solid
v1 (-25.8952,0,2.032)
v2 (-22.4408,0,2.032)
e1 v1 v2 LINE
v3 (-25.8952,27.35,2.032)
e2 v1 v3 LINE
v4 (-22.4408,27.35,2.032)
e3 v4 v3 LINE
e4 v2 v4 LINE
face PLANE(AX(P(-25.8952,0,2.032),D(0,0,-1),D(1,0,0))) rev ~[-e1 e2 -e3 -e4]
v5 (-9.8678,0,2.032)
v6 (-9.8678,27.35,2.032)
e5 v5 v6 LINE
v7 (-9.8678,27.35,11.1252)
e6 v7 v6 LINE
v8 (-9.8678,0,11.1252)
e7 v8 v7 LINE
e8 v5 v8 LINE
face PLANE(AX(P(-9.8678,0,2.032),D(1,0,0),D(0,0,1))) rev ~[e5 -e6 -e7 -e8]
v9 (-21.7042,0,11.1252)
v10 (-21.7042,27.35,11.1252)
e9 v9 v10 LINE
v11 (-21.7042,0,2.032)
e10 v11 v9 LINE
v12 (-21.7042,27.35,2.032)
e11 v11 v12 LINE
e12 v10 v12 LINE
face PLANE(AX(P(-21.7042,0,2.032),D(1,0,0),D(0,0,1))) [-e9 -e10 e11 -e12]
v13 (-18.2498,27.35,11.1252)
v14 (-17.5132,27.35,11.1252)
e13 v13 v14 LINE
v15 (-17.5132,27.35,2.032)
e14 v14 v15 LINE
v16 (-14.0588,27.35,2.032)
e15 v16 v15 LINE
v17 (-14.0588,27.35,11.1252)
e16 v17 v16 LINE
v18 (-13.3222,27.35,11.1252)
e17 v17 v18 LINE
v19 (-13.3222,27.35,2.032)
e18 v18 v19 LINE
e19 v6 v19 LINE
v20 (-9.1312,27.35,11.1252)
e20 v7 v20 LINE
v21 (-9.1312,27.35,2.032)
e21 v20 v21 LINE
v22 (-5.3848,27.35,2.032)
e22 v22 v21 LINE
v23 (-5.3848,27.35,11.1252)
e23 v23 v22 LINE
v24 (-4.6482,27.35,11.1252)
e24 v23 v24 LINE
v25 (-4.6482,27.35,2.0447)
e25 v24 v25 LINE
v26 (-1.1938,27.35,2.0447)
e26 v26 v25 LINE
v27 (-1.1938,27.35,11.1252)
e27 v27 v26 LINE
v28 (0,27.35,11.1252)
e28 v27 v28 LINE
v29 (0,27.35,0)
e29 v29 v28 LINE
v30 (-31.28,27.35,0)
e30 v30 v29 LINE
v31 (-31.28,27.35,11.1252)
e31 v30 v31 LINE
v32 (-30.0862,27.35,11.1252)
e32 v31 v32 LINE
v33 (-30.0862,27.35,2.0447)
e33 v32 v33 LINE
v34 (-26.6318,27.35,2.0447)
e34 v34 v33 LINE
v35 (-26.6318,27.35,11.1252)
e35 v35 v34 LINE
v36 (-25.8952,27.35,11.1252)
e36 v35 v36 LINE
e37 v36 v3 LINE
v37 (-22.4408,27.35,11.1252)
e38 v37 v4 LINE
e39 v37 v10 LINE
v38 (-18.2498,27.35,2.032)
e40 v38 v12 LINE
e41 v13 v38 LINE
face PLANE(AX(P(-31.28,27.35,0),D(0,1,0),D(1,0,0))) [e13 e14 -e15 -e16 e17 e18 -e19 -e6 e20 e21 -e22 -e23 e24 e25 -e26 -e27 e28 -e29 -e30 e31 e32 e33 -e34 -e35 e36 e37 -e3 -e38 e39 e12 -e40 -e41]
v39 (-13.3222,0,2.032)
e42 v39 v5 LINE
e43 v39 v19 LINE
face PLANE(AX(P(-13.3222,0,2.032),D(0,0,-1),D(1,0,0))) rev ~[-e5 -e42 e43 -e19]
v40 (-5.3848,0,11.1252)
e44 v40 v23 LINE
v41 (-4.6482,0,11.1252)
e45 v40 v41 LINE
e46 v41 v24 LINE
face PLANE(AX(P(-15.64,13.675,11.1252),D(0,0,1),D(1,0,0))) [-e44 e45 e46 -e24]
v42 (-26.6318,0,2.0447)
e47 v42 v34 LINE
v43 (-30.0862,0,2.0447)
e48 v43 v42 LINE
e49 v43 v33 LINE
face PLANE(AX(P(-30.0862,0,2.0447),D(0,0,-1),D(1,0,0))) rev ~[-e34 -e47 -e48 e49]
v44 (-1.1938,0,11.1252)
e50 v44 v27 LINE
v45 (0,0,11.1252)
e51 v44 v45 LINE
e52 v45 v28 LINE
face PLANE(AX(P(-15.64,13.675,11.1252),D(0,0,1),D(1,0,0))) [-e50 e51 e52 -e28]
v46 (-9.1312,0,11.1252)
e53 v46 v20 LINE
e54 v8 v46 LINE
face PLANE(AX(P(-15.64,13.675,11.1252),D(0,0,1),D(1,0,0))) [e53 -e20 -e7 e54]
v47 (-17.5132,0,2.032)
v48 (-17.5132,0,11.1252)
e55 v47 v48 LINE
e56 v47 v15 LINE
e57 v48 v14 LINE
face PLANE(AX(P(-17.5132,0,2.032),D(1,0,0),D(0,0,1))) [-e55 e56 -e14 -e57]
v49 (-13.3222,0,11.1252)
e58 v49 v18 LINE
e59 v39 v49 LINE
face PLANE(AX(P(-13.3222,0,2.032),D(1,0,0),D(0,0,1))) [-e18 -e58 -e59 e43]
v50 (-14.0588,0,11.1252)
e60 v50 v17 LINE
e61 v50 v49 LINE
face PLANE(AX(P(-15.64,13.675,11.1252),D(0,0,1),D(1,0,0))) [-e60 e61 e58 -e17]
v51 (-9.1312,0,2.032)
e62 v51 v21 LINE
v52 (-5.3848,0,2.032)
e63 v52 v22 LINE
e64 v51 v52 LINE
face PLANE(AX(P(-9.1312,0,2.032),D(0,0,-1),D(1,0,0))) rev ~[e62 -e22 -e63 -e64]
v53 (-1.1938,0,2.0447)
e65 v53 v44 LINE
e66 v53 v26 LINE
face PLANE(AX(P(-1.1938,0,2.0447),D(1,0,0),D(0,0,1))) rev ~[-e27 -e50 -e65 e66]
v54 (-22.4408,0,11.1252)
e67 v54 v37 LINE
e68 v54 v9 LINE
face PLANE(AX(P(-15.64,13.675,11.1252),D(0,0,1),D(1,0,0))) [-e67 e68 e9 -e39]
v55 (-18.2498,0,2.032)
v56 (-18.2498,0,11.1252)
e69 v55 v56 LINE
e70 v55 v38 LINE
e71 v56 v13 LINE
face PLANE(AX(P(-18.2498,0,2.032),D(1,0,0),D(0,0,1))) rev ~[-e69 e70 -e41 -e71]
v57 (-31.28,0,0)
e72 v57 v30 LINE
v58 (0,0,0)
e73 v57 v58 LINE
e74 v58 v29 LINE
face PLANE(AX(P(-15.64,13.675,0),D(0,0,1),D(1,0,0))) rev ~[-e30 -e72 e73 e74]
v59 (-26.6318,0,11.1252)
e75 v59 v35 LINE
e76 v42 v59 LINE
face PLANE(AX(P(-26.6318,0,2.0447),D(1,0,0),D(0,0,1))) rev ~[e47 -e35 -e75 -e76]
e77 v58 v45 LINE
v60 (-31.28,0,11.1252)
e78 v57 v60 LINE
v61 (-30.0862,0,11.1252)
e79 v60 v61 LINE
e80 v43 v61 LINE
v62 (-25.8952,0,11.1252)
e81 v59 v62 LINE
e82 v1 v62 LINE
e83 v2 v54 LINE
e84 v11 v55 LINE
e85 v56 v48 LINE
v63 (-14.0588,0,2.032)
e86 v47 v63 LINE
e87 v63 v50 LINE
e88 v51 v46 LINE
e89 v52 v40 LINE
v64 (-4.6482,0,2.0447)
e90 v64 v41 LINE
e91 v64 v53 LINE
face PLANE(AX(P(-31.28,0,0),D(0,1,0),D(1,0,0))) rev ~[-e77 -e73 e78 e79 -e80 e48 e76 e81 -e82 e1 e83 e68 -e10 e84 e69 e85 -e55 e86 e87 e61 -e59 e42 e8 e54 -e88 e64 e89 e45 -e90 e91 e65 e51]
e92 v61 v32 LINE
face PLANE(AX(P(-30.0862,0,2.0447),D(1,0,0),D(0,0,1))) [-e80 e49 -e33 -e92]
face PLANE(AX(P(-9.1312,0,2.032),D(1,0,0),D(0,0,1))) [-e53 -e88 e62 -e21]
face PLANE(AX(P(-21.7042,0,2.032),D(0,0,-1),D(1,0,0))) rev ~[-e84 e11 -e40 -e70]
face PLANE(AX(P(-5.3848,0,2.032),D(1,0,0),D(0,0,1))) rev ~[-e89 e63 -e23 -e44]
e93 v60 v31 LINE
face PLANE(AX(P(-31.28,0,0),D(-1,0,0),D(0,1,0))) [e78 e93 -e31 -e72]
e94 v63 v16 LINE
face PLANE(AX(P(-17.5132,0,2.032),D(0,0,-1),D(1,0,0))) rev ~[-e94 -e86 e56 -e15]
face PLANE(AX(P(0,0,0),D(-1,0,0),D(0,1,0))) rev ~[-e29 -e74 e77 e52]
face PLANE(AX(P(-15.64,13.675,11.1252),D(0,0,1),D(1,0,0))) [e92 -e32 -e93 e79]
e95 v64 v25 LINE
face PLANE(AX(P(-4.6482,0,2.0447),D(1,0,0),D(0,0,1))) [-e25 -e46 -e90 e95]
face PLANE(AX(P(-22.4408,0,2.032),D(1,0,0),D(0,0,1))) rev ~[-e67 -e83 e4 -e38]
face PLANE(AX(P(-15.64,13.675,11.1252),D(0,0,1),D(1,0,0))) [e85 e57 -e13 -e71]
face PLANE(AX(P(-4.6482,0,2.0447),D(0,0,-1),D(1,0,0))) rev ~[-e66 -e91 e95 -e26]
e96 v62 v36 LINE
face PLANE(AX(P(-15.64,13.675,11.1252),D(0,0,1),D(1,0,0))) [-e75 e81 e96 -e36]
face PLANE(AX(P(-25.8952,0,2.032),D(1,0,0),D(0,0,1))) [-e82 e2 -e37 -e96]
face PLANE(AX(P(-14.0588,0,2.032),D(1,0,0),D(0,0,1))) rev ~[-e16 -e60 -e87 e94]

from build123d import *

# Parameters (mm, degrees)
F0_W     = 31.28
F0_H     = 27.35
F1_DEPTH = 11.1252
F2_W     = 3.4544
F2_H     = 9.0932
F2_W_2   = 3.7464
F2_H_2   = 9.0805
F3_DEPTH = 27.351


with BuildPart() as f1:
    # F0 (on Top) → F1 (new body)
    with BuildSketch(Plane.XY):
        with Locations((-15.64, 13.675)):
            Rectangle(F0_W, F0_H)
    extrude(amount=F1_DEPTH)

    # F2 (on face) → F3 (cut, through all)
    with BuildSketch(Plane.XZ):
        with Locations((-24.168, 6.5786)):
            Rectangle(F2_W, F2_H)
        with Locations((-19.977, 6.5786)):
            Rectangle(F2_W, F2_H)
        with Locations((-15.786, 6.5786)):
            Rectangle(F2_W, F2_H)
        with Locations((-11.595, 6.5786)):
            Rectangle(F2_W, F2_H)
        with Locations((-7.258, 6.5786)):
            Rectangle(F2_W_2, F2_H)
        with Locations((-2.921, 6.58495)):
            Rectangle(F2_W, F2_H_2)
        with Locations((-28.359, 6.58495)):
            Rectangle(F2_W, F2_H_2)
    extrude(amount=-F3_DEPTH, mode=Mode.SUBTRACT)


solid = f1.part
